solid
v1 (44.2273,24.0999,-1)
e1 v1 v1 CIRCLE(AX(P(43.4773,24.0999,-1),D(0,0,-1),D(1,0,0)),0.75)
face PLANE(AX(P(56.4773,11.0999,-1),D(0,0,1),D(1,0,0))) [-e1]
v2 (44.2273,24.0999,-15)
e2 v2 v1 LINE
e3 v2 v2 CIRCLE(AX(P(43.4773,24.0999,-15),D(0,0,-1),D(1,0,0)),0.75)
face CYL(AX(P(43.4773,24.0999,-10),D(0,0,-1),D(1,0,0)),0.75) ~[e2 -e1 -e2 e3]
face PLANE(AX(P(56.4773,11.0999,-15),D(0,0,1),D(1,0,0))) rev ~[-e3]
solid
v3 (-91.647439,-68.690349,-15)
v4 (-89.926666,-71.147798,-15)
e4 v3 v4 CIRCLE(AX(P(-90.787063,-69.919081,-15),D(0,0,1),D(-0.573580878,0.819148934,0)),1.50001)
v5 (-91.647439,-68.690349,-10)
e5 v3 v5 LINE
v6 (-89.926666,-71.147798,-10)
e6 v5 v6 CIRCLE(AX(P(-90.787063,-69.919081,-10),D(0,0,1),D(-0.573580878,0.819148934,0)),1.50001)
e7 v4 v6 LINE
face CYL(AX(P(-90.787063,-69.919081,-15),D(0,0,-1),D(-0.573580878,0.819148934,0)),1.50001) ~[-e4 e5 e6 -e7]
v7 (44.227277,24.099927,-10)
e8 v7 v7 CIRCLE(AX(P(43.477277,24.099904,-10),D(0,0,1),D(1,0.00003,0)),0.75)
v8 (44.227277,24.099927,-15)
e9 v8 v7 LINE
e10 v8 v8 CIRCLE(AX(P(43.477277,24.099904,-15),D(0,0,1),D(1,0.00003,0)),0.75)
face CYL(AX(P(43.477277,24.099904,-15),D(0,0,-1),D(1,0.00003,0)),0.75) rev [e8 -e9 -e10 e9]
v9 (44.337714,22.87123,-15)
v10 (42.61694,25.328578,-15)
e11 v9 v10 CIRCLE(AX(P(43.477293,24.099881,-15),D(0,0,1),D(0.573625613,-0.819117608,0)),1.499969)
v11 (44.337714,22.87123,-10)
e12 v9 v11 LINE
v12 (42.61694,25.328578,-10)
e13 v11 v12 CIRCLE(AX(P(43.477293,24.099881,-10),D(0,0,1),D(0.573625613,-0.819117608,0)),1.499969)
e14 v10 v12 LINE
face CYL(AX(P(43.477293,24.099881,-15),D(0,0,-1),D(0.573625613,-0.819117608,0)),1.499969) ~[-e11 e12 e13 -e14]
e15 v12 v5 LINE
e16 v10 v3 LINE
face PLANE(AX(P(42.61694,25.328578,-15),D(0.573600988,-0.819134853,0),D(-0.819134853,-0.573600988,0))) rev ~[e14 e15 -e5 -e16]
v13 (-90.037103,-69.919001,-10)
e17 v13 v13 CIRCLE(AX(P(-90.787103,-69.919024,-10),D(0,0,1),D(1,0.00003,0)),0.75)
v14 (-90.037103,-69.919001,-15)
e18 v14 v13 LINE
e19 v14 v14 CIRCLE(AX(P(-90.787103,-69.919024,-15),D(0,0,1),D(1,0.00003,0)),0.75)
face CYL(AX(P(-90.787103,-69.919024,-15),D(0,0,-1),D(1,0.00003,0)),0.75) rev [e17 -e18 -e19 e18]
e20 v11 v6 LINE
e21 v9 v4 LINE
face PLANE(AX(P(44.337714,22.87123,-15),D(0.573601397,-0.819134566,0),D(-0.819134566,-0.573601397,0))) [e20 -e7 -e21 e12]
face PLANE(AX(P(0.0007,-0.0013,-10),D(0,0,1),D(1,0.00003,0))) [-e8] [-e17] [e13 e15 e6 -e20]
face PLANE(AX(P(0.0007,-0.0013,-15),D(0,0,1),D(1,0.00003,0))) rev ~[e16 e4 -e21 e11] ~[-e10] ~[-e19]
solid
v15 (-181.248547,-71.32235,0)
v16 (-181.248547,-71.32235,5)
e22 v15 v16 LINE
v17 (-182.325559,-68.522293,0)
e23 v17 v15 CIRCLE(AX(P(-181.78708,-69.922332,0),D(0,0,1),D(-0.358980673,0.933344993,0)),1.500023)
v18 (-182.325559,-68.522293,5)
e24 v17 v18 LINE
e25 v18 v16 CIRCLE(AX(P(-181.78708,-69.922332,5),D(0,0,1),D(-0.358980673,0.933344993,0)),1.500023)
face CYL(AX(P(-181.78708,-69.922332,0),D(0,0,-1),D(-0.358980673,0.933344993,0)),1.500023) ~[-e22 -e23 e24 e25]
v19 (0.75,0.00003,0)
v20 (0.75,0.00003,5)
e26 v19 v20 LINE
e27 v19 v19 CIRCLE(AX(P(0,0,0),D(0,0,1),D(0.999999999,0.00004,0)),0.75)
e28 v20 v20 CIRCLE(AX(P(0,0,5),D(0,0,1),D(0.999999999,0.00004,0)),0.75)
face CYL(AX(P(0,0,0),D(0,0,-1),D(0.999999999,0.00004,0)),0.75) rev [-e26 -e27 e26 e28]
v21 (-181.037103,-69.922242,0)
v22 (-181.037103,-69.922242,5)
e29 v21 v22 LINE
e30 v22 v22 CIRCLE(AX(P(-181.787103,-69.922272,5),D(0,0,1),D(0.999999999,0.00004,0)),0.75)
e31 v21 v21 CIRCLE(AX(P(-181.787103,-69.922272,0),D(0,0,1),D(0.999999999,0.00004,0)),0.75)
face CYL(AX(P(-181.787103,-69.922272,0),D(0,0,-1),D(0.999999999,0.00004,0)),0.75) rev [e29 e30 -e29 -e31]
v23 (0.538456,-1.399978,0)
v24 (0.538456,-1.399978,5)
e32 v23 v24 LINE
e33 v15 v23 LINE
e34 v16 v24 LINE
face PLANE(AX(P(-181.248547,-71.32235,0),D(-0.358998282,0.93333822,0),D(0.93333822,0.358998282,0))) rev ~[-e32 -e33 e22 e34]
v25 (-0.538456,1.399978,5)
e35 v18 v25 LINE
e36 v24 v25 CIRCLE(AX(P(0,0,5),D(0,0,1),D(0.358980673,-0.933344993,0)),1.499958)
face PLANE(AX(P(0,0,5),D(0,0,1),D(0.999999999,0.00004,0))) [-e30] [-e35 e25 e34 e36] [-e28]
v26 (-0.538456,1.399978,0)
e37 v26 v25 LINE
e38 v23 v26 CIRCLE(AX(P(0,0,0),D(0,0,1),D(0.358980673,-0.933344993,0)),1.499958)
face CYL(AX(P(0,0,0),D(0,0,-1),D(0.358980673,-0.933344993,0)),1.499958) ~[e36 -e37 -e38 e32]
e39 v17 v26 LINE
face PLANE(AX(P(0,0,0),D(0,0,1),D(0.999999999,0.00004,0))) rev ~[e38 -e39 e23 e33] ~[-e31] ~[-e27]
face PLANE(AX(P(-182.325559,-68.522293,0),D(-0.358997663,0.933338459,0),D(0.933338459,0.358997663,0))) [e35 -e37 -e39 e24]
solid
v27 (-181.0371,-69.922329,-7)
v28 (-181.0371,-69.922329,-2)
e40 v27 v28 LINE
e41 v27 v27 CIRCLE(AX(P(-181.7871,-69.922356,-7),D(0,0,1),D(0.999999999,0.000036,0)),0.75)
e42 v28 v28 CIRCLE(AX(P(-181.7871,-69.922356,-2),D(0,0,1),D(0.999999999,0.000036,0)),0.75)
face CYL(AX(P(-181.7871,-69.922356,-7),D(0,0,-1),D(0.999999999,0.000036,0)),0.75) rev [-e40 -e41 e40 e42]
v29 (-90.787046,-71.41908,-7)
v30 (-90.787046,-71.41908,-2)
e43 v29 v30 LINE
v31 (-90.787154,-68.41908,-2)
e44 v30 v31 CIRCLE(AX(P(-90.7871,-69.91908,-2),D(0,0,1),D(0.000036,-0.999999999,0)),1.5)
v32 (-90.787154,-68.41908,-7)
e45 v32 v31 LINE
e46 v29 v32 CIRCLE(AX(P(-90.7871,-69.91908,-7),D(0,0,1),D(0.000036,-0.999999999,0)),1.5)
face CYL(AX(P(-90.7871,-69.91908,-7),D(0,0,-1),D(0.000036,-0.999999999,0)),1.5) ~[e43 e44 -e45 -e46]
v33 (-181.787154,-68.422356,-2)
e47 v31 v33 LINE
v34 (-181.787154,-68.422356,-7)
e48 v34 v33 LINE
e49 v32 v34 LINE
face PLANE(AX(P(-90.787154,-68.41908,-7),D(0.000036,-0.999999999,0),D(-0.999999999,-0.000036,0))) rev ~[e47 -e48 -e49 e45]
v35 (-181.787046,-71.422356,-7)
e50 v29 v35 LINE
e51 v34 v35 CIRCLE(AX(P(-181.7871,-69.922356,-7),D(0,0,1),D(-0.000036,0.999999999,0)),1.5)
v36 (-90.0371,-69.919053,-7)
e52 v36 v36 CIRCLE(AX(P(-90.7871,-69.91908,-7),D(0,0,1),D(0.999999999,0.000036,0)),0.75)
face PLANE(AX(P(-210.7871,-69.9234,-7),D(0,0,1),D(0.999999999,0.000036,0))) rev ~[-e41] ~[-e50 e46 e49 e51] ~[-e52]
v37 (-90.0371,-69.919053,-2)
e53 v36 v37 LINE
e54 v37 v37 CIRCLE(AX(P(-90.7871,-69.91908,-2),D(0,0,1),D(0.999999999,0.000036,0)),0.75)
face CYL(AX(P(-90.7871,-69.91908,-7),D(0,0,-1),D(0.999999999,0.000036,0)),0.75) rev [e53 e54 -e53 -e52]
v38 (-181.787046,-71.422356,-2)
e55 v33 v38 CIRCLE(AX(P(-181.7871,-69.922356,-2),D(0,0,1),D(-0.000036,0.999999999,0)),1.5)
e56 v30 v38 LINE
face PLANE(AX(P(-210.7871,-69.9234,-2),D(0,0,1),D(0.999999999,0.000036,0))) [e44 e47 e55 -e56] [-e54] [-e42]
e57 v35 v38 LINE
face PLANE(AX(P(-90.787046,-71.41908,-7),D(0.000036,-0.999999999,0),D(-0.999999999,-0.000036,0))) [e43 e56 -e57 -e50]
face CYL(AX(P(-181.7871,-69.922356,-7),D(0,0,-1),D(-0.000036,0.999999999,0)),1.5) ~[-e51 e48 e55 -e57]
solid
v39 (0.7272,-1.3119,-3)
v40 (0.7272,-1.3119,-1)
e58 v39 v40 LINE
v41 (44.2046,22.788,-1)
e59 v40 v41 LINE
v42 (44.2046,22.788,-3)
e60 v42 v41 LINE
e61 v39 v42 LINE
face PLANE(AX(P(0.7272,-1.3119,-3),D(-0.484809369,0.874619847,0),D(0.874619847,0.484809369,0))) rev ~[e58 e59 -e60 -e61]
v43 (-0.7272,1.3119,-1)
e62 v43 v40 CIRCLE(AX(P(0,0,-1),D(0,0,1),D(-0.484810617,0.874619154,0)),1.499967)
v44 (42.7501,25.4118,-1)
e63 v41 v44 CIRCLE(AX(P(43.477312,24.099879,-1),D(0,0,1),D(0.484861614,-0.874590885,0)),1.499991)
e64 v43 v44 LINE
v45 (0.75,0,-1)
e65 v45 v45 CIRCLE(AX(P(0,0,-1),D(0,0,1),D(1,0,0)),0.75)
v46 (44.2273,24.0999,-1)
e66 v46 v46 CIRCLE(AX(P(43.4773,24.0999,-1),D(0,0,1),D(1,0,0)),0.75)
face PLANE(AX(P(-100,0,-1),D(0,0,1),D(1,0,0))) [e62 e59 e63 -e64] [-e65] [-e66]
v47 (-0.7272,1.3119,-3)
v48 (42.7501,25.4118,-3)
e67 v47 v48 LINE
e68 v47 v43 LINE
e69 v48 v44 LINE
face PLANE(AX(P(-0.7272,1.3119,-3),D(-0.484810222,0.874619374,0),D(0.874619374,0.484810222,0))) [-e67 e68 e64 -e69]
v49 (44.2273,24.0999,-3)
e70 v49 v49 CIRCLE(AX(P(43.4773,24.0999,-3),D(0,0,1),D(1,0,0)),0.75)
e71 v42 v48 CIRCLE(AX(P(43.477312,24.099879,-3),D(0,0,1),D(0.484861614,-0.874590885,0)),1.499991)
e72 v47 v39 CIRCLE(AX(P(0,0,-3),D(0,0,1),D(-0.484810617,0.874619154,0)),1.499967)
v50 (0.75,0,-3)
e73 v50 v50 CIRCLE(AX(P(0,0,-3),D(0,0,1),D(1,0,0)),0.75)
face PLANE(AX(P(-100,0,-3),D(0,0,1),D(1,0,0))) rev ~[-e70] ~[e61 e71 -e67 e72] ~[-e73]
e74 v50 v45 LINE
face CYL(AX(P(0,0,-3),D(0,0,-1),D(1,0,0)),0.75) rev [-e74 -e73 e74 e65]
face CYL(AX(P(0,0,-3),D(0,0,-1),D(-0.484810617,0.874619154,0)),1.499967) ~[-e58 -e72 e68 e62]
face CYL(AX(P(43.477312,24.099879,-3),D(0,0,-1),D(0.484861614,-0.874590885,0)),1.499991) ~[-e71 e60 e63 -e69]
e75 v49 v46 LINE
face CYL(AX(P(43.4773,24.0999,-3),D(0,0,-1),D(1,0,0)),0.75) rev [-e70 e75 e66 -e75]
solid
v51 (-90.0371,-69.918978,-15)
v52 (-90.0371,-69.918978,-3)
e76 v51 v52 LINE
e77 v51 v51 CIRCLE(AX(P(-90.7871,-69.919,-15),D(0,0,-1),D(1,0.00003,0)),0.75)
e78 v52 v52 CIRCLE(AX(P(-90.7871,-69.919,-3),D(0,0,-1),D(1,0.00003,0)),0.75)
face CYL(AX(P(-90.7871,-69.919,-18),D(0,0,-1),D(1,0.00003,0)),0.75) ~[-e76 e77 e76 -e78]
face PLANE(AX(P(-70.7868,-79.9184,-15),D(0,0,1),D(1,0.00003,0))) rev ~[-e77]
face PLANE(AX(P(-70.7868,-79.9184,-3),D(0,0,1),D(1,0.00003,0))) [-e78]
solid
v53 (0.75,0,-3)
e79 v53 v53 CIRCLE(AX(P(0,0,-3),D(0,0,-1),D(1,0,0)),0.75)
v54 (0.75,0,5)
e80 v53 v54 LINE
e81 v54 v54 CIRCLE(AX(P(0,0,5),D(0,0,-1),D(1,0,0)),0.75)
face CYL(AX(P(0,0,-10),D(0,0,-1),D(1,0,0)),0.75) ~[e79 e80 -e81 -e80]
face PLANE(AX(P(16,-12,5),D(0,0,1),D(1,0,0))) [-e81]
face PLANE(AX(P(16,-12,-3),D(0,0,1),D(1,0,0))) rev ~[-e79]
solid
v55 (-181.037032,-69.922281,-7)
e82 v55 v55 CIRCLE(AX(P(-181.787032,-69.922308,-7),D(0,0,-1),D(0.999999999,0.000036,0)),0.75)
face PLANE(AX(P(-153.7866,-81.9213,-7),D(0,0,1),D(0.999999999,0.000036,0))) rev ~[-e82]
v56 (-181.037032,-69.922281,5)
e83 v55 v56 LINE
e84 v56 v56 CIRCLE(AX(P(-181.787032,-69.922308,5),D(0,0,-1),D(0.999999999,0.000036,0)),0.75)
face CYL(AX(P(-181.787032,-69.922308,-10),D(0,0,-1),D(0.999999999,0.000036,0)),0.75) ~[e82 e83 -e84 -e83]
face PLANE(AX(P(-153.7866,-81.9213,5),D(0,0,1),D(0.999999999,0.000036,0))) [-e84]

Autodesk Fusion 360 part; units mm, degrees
sketch "Sketch1" plane through (0, 0, 0) normal (0, 1, 0) x (1, 0, 0)
sketch "Sketch2" plane through (0, 0, 0) normal (0, 0, 1) x (1, 0, 0)
  line L0 (0, 0) -> (49.71, 0) construction
  line L1 (43.4773, 24.0999) -> (207.3873, 24.0999) construction
  line L2 (42.617, 25.3286) -> (-91.6502, -68.6863)
  line L3 (44.3377, 22.8712) -> (-89.9295, -71.1438)
  circle A0 centre (-90.7899, -69.915) radius 0.75
  circle A1 centre (43.4773, 24.0999) radius 0.75
  arc A2 (44.3377, 22.8712) -> (42.617, 25.3286) centre (43.4773, 24.0999) ccw
  arc A3 (-91.6502, -68.6863) -> (-89.9295, -71.1438) centre (-90.7899, -69.915) ccw
  line L4 (-181.2514, -71.3151) -> (0.5384, -1.4)
  line L5 (-182.3283, -68.515) -> (-0.5384, 1.4)
  circle A4 centre (-181.7899, -69.915) radius 0.75
  circle A5 centre (0, 0) radius 0.75
  arc A6 (0.5384, -1.4) -> (-0.5384, 1.4) centre (0, 0) ccw
  arc A7 (-182.3283, -68.515) -> (-181.2514, -71.3151) centre (-181.7899, -69.915) ccw
  dimension "d2" = 49.71
  dimension "d5" = 91
  dimension "d16" = 1.5
  dimension "d17" = 1.5
  dimension "d29" = 1.5
  dimension "d30" = 1.5
sketch "Sketch3" plane through (0, 0, 0) normal (0, 0, 1) x (1, 0, 0)
sketch "Sketch4" plane through (0, 0, 0) normal (0, 0, 1) x (1, 0, 0)
  line L0 (100, 0) -> (149.71, 0) construction
  line L1 (100.7272, -1.3119) -> (144.2046, 22.788)
  line L2 (99.2728, 1.3119) -> (142.7501, 25.4118)
  circle A0 centre (100, 0) radius 0.75
  circle A1 centre (143.4773, 24.0999) radius 0.75
  arc A2 (99.2728, 1.3119) -> (100.7272, -1.3119) centre (100, 0) ccw
  arc A3 (144.2046, 22.788) -> (142.7501, 25.4118) centre (143.4773, 24.0999) ccw
  dimension "d6" = 49.71
  dimension "d10" = 1.5
  dimension "d11" = 1.5
extrude "Extrude1" add sketch "Sketch4" along normal blind 2 makes body 1
sketch "Sketch5" plane through (0, 0, 0) normal (0, 0, 1) x (1, 0, 0)
extrude "Extrude2" add sketch "Sketch2" along normal blind 5 separate body contours L2 L3 A2 A3 makes body 2
copy_body "Body->Comp1" bodies 1 removing the originals makes body 3 in component "Component"
copy_body "Body->Comp2" bodies 2 removing the originals makes body 4 in component "Component'"
sketch "Sketch6" plane through (0, 0, 0) normal (0, 0, 1) x (1, 0, 0)
  line L0 (120, 1.5) -> (29, 1.5)
  line L1 (120, -1.5) -> (29, -1.5)
  circle A0 centre (120, 0) radius 0.75
  circle A1 centre (29, 0) radius 0.75
  arc A2 (29, 1.5) -> (29, -1.5) centre (29, 0) ccw
  arc A3 (120, -1.5) -> (120, 1.5) centre (120, 0) ccw
  dimension "d20" = 91
  dimension "d23" = 1.5
  dimension "d24" = 1.5
extrude "Extrude3" add sketch "Sketch6" along normal blind 5 separate body makes body 5
copy_body "Body->Comp3" bodies 5 removing the originals makes body 6 in component "Component''"
extrude "Extrude4" add sketch "Sketch2" along normal blind 5 separate body contours L4 L5 A6 A7 makes body 7
sketch "Sketch7" plane through (0, 0, 0) normal (0, 0, 1) x (1, 0, 0)
  circle A0 centre (-20, 10) radius 0.75
  circle A1 centre (-16, 12) radius 0.75
  circle A2 centre (-13, 13) radius 0.75
  circle A3 centre (-28, 12) radius 0.75
  dimension "d33" = 1.5
  dimension "d34" = 1.5
  dimension "d35" = 1.5
  dimension "d36" = 1.5
extrude "Extrude5" add sketch "Sketch7" along normal blind 15 separate body contours A3 makes body 8
extrude "Extrude6" add sketch "Sketch7" along normal blind 15 separate body contours A0 | A1 | A2 makes body 9 at (-20.3422, 10.6674, 10) makes body 10 at (-16.3422, 12.6674, 10) makes body 11 at (-12.2537, 12.9253, 10)
copy_body "Body->Comp4" bodies 7 removing the originals makes body 12 in component "Component'''"
copy_body "Body->Comp5" bodies 8 removing the originals makes body 13 in component "Component''''"
copy_body "Body->Comp6" bodies 9 removing the originals makes body 14 in component "Component'''''"
copy_body "Body->Comp7" bodies 10 removing the originals makes body 15 in component "Component''''''"
copy_body "Body->Comp8" bodies 11 removing the originals makes body 16 in component "Component'''''''"
move_face "OffsetFaces1" offset 5 1 faces at (-13.1437, 13.4658, 0) on bodies 16 in component "Component'''''''"
move_face "OffsetFaces1'" offset -7 1 faces at (-15.9059, 11.8045, 0) on bodies 15 in component "Component''''''"
move_face "OffsetFaces1''" offset -3 1 faces at (-27.8195, 12.1328, 0) on bodies 13 in component "Component''''"
move_face "OffsetFaces1'''" offset -3 1 faces at (-19.8195, 10.1328, 0) on bodies 14 in component "Component'''''"
move_face "OffsetFaces2" offset -6 1 faces at (-13.2252, 12.8915, 15) on bodies 16 in component "Component'''''''"
component "Component" placed x (1, 0, 0) y (0, 1, 0) z (0, 0, 1) at (-100, 0, -3)
component "Component'" placed x (1, 0.00003, 0) y (-0.00003, 1, 0) z (0, 0, 1) at (0.0007, -0.0013, -15)
component "Component''" placed x (1, 0.000036, 0) y (-0.000036, 1, 0) z (0, 0, 1) at (-210.7871, -69.9234, -7)
component "Component'''" placed x (1, 0.00004, 0) y (-0.00004, 1, 0) z (0, 0, 1) at (0, 0, 0)
component "Component''''" placed x (1, 0.000036, 0) y (-0.000036, 1, 0) z (0, 0, 1) at (-153.7866, -81.9213, -10)
component "Component'''''" placed x (1, 0.00003, 0) y (-0.00003, 1, 0) z (0, 0, 1) at (-70.7868, -79.9184, -18)
component "Component''''''" placed x (1, 0, 0) y (0, 1, 0) z (0, 0, 1) at (16, -12, -10)
component "Component'''''''" placed x (1, 0, 0) y (0, 1, 0) z (0, 0, 1) at (56.4773, 11.0999, -10)
